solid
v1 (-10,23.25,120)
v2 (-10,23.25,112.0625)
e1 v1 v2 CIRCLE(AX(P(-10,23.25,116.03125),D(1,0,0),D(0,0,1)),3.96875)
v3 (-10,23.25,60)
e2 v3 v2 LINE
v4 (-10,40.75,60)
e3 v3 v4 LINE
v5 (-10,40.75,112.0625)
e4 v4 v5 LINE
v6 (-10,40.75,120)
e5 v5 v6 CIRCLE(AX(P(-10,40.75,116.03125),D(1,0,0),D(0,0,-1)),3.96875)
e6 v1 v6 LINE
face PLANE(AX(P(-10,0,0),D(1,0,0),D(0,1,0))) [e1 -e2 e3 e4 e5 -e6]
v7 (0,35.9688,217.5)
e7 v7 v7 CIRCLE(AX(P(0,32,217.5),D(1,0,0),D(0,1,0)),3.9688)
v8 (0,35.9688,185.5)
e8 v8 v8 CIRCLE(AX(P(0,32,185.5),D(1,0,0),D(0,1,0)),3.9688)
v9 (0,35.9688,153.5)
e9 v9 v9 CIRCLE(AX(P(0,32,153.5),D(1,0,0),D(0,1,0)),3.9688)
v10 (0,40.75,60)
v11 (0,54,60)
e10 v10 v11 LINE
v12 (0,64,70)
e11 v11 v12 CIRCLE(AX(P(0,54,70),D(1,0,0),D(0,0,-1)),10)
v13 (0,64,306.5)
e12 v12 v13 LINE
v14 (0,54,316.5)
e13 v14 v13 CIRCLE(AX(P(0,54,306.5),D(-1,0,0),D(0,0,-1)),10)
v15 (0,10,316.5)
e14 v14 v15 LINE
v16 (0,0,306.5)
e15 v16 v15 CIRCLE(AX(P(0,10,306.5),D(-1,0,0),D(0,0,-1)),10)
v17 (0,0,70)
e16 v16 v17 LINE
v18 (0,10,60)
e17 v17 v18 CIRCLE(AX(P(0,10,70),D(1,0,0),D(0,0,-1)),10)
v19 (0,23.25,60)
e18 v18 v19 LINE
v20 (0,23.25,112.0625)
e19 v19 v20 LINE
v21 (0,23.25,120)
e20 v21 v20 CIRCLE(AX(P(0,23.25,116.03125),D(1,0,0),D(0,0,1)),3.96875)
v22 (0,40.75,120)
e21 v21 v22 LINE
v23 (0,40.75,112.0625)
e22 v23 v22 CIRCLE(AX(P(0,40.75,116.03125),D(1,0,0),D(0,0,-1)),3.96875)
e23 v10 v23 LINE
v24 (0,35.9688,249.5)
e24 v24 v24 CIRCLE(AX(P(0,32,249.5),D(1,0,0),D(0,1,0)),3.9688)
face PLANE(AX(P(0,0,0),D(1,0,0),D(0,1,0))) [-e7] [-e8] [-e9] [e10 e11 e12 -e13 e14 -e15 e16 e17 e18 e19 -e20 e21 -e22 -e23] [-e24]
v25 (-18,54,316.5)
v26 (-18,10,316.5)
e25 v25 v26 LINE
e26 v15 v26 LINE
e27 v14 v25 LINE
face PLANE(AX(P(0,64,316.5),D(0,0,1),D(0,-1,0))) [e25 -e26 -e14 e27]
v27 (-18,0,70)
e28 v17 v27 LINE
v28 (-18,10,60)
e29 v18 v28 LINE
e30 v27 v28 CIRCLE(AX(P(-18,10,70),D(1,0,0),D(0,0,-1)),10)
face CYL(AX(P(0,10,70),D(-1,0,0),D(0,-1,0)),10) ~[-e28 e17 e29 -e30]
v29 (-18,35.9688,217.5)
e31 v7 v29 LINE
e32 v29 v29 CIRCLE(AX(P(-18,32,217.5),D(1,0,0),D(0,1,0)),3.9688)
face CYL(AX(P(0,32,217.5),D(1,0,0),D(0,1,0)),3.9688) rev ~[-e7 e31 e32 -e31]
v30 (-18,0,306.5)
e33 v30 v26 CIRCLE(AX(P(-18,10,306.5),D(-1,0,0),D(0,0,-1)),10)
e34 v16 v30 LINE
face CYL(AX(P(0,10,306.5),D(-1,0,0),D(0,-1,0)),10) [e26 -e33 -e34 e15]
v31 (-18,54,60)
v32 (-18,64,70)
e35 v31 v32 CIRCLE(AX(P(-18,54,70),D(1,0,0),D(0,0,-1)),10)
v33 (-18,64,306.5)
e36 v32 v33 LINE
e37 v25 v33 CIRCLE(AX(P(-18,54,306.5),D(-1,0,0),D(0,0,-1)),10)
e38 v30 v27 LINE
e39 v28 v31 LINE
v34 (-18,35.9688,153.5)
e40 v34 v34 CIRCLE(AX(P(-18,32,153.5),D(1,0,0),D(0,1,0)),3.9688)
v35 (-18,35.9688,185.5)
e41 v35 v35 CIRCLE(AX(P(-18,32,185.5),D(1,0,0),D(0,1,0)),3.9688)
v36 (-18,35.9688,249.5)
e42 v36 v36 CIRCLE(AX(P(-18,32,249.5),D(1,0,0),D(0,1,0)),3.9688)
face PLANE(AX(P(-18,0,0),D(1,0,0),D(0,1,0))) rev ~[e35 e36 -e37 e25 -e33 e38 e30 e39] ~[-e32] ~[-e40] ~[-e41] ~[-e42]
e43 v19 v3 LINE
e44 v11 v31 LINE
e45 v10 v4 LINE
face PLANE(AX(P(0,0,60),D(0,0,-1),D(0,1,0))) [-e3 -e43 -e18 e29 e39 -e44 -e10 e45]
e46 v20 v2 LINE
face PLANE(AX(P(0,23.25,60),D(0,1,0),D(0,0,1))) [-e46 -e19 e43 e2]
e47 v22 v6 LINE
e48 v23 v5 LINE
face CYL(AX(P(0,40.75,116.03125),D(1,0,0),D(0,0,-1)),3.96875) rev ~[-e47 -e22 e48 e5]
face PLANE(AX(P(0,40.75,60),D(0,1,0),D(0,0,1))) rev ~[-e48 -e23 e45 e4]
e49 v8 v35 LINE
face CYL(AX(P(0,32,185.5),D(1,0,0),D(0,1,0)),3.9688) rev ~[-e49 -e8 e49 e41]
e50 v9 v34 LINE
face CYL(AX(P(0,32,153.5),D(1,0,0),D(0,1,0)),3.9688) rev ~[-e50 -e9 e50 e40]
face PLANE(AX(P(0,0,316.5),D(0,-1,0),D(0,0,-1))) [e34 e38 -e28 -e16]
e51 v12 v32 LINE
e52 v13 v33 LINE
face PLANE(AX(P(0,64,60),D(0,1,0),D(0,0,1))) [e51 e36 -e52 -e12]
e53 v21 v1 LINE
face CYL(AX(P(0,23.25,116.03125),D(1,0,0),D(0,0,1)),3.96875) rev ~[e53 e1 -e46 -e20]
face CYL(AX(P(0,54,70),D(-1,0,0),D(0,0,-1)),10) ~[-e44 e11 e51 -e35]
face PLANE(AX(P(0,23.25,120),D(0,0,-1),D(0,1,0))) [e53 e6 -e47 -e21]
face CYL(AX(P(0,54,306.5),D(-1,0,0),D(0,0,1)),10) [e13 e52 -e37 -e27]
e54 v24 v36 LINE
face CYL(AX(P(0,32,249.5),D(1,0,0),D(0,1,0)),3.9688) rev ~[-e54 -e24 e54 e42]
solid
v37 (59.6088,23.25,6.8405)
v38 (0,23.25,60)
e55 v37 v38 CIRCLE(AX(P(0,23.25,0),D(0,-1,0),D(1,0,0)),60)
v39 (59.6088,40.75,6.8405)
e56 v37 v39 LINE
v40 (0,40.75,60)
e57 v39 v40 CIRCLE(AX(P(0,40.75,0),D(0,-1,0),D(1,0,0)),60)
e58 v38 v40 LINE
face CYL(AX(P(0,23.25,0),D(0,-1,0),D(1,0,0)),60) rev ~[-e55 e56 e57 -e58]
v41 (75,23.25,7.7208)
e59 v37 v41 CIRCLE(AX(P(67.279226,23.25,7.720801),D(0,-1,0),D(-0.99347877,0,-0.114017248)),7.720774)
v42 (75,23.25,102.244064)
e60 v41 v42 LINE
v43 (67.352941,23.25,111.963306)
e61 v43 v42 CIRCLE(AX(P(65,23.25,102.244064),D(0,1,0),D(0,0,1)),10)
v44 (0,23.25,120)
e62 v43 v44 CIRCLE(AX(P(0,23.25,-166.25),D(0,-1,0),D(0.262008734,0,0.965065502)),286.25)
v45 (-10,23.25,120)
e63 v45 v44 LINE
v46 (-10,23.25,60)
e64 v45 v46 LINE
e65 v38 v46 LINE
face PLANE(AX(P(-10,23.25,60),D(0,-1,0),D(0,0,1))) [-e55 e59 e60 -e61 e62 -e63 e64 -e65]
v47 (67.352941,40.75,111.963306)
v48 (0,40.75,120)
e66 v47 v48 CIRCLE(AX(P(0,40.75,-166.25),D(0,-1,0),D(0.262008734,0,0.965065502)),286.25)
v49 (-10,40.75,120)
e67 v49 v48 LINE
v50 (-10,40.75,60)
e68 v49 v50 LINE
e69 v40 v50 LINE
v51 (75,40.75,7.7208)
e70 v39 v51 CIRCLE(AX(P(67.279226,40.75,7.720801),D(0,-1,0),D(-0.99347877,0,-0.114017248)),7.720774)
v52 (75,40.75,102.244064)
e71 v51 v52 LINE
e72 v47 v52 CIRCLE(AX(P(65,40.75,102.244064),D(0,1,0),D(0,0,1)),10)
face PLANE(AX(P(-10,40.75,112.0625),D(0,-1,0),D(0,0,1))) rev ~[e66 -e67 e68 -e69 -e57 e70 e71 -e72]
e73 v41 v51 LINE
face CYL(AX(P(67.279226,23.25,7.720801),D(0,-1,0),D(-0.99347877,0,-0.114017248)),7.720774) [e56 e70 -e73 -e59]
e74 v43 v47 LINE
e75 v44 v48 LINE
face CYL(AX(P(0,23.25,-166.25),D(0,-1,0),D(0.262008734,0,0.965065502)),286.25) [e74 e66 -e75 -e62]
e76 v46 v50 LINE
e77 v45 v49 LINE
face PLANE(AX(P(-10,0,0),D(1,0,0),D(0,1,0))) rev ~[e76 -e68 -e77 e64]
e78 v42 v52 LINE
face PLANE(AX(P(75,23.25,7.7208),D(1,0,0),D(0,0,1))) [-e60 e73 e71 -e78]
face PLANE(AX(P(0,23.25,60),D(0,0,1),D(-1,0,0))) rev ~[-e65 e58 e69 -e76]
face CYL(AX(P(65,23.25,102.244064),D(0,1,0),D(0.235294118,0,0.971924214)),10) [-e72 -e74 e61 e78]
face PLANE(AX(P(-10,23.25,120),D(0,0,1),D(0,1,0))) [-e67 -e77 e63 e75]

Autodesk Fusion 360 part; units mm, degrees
sketch "Sketch1" plane through (0, 0, 0) normal (1, 0, 0) x (0, 1, 0)
  line L0 (0, 60) -> (64, 60)
  line L1 (64, 60) -> (64, 316.5)
  line L2 (64, 316.5) -> (0, 316.5)
  line L3 (0, 316.5) -> (0, 60)
  line L4 (0, 0) -> (0, 60) construction
  line L5 (32, 316.5) -> (32, 60) construction
  circle A0 centre (32, 153.5) radius 3.9688
  circle A1 centre (32, 185.5) radius 3.9688
  circle A2 centre (32, 217.5) radius 3.9688
  circle A3 centre (32, 249.5) radius 3.9688
  line L6 (23.25, 60) -> (23.25, 112.0625)
  arc A4 (23.25, 120) -> (23.25, 112.0625) centre (23.25, 116.0312) ccw
  line L7 (23.25, 120) -> (40.75, 120)
  line L8 (40.75, 60) -> (40.75, 112.0625)
  arc A5 (40.75, 112.0625) -> (40.75, 120) centre (40.75, 116.0312) ccw
  line L9 (40.75, 86.0312) -> (32, 86.0312) construction
  line L10 (32, 86.0312) -> (23.25, 86.0312) construction
  line L11 (23.25, 60) -> (23.25, 0)
  line L12 (23.25, 0) -> (40.75, 0)
  line L13 (40.75, 0) -> (40.75, 60)
  line L14 (40.75, 112.0625) -> (40.75, 120)
  line L15 (23.25, 112.0625) -> (23.25, 120)
  dimension "d1" = 32
  dimension "d2" = 7.9375
  dimension "d5" = 0
  dimension "d6" = 32
  dimension "d7" = 153.5
  dimension "d8" = 67
  dimension "d9" = 60
  dimension "d11" = 17.5
  dimension "d12" = 120
  dimension "d13" = 33.5
extrude "Extrude1" add sketch "Sketch1" against normal blind 18 contours L0 L1 L2 L3 L6 A4 L7 L8 A5 makes body 1
extrude "Extrude2" add sketch "Sketch1" along normal blind 8 from surface at -18 contours L0 L6 L7 L8 L14 L15 | A4 L15 | A5 L14 bodies 1
extrude "Extrude3" add sketch "Sketch1" along normal blind 120 from surface at -10 separate body contours L0 L6 L7 L8 L14 L15 | L0 L11 L12 L13 makes body 2
sketch "Sketch2" plane through (0, 23.25, 0) normal (0, -1, 0) x (1, 0, 0)
  line L0 (-10, 120) -> (-10, 0)
  line L1 (-10, 0) -> (110, 0)
  line L2 (110, 0) -> (110, 120)
  line L3 (110, 120) -> (-10, 120)
  arc A0 (60, 0) -> (0, 60) centre (0, 0) ccw
  line L4 (0, 60) -> (-10, 60)
  line L5 (0, 60) -> (75, 60) construction
  line L6 (75, 0) -> (75, 110)
  arc A1 (75, 110) -> (0, 120) centre (0, -166.25) ccw
  arc A2 (59.6088, 6.8405) -> (75, 7.7208) centre (67.2792, 7.7208) ccw
  point P0 (0, 60)
  point P1 (0, 120)
  dimension "d24" = 50
  dimension "d25" = 15
extrude "Extrude4" cut sketch "Sketch2" against normal through all contours L0 L1 A0 L4 | L1 L2 L3 L6 A1 | L1 A0 A2 | L1 L6 A2 bodies 2
fillet "Fillet1" radius 10 5 edges at (-9, 0, 316.5) (-9, 64, 316.5) (-9, 0, 60) (-9, 64, 60) (75, 32, 110) on bodies 1 2
equation "d2 = 5/16\""
equation "d8 = d1 + 35 mm"
